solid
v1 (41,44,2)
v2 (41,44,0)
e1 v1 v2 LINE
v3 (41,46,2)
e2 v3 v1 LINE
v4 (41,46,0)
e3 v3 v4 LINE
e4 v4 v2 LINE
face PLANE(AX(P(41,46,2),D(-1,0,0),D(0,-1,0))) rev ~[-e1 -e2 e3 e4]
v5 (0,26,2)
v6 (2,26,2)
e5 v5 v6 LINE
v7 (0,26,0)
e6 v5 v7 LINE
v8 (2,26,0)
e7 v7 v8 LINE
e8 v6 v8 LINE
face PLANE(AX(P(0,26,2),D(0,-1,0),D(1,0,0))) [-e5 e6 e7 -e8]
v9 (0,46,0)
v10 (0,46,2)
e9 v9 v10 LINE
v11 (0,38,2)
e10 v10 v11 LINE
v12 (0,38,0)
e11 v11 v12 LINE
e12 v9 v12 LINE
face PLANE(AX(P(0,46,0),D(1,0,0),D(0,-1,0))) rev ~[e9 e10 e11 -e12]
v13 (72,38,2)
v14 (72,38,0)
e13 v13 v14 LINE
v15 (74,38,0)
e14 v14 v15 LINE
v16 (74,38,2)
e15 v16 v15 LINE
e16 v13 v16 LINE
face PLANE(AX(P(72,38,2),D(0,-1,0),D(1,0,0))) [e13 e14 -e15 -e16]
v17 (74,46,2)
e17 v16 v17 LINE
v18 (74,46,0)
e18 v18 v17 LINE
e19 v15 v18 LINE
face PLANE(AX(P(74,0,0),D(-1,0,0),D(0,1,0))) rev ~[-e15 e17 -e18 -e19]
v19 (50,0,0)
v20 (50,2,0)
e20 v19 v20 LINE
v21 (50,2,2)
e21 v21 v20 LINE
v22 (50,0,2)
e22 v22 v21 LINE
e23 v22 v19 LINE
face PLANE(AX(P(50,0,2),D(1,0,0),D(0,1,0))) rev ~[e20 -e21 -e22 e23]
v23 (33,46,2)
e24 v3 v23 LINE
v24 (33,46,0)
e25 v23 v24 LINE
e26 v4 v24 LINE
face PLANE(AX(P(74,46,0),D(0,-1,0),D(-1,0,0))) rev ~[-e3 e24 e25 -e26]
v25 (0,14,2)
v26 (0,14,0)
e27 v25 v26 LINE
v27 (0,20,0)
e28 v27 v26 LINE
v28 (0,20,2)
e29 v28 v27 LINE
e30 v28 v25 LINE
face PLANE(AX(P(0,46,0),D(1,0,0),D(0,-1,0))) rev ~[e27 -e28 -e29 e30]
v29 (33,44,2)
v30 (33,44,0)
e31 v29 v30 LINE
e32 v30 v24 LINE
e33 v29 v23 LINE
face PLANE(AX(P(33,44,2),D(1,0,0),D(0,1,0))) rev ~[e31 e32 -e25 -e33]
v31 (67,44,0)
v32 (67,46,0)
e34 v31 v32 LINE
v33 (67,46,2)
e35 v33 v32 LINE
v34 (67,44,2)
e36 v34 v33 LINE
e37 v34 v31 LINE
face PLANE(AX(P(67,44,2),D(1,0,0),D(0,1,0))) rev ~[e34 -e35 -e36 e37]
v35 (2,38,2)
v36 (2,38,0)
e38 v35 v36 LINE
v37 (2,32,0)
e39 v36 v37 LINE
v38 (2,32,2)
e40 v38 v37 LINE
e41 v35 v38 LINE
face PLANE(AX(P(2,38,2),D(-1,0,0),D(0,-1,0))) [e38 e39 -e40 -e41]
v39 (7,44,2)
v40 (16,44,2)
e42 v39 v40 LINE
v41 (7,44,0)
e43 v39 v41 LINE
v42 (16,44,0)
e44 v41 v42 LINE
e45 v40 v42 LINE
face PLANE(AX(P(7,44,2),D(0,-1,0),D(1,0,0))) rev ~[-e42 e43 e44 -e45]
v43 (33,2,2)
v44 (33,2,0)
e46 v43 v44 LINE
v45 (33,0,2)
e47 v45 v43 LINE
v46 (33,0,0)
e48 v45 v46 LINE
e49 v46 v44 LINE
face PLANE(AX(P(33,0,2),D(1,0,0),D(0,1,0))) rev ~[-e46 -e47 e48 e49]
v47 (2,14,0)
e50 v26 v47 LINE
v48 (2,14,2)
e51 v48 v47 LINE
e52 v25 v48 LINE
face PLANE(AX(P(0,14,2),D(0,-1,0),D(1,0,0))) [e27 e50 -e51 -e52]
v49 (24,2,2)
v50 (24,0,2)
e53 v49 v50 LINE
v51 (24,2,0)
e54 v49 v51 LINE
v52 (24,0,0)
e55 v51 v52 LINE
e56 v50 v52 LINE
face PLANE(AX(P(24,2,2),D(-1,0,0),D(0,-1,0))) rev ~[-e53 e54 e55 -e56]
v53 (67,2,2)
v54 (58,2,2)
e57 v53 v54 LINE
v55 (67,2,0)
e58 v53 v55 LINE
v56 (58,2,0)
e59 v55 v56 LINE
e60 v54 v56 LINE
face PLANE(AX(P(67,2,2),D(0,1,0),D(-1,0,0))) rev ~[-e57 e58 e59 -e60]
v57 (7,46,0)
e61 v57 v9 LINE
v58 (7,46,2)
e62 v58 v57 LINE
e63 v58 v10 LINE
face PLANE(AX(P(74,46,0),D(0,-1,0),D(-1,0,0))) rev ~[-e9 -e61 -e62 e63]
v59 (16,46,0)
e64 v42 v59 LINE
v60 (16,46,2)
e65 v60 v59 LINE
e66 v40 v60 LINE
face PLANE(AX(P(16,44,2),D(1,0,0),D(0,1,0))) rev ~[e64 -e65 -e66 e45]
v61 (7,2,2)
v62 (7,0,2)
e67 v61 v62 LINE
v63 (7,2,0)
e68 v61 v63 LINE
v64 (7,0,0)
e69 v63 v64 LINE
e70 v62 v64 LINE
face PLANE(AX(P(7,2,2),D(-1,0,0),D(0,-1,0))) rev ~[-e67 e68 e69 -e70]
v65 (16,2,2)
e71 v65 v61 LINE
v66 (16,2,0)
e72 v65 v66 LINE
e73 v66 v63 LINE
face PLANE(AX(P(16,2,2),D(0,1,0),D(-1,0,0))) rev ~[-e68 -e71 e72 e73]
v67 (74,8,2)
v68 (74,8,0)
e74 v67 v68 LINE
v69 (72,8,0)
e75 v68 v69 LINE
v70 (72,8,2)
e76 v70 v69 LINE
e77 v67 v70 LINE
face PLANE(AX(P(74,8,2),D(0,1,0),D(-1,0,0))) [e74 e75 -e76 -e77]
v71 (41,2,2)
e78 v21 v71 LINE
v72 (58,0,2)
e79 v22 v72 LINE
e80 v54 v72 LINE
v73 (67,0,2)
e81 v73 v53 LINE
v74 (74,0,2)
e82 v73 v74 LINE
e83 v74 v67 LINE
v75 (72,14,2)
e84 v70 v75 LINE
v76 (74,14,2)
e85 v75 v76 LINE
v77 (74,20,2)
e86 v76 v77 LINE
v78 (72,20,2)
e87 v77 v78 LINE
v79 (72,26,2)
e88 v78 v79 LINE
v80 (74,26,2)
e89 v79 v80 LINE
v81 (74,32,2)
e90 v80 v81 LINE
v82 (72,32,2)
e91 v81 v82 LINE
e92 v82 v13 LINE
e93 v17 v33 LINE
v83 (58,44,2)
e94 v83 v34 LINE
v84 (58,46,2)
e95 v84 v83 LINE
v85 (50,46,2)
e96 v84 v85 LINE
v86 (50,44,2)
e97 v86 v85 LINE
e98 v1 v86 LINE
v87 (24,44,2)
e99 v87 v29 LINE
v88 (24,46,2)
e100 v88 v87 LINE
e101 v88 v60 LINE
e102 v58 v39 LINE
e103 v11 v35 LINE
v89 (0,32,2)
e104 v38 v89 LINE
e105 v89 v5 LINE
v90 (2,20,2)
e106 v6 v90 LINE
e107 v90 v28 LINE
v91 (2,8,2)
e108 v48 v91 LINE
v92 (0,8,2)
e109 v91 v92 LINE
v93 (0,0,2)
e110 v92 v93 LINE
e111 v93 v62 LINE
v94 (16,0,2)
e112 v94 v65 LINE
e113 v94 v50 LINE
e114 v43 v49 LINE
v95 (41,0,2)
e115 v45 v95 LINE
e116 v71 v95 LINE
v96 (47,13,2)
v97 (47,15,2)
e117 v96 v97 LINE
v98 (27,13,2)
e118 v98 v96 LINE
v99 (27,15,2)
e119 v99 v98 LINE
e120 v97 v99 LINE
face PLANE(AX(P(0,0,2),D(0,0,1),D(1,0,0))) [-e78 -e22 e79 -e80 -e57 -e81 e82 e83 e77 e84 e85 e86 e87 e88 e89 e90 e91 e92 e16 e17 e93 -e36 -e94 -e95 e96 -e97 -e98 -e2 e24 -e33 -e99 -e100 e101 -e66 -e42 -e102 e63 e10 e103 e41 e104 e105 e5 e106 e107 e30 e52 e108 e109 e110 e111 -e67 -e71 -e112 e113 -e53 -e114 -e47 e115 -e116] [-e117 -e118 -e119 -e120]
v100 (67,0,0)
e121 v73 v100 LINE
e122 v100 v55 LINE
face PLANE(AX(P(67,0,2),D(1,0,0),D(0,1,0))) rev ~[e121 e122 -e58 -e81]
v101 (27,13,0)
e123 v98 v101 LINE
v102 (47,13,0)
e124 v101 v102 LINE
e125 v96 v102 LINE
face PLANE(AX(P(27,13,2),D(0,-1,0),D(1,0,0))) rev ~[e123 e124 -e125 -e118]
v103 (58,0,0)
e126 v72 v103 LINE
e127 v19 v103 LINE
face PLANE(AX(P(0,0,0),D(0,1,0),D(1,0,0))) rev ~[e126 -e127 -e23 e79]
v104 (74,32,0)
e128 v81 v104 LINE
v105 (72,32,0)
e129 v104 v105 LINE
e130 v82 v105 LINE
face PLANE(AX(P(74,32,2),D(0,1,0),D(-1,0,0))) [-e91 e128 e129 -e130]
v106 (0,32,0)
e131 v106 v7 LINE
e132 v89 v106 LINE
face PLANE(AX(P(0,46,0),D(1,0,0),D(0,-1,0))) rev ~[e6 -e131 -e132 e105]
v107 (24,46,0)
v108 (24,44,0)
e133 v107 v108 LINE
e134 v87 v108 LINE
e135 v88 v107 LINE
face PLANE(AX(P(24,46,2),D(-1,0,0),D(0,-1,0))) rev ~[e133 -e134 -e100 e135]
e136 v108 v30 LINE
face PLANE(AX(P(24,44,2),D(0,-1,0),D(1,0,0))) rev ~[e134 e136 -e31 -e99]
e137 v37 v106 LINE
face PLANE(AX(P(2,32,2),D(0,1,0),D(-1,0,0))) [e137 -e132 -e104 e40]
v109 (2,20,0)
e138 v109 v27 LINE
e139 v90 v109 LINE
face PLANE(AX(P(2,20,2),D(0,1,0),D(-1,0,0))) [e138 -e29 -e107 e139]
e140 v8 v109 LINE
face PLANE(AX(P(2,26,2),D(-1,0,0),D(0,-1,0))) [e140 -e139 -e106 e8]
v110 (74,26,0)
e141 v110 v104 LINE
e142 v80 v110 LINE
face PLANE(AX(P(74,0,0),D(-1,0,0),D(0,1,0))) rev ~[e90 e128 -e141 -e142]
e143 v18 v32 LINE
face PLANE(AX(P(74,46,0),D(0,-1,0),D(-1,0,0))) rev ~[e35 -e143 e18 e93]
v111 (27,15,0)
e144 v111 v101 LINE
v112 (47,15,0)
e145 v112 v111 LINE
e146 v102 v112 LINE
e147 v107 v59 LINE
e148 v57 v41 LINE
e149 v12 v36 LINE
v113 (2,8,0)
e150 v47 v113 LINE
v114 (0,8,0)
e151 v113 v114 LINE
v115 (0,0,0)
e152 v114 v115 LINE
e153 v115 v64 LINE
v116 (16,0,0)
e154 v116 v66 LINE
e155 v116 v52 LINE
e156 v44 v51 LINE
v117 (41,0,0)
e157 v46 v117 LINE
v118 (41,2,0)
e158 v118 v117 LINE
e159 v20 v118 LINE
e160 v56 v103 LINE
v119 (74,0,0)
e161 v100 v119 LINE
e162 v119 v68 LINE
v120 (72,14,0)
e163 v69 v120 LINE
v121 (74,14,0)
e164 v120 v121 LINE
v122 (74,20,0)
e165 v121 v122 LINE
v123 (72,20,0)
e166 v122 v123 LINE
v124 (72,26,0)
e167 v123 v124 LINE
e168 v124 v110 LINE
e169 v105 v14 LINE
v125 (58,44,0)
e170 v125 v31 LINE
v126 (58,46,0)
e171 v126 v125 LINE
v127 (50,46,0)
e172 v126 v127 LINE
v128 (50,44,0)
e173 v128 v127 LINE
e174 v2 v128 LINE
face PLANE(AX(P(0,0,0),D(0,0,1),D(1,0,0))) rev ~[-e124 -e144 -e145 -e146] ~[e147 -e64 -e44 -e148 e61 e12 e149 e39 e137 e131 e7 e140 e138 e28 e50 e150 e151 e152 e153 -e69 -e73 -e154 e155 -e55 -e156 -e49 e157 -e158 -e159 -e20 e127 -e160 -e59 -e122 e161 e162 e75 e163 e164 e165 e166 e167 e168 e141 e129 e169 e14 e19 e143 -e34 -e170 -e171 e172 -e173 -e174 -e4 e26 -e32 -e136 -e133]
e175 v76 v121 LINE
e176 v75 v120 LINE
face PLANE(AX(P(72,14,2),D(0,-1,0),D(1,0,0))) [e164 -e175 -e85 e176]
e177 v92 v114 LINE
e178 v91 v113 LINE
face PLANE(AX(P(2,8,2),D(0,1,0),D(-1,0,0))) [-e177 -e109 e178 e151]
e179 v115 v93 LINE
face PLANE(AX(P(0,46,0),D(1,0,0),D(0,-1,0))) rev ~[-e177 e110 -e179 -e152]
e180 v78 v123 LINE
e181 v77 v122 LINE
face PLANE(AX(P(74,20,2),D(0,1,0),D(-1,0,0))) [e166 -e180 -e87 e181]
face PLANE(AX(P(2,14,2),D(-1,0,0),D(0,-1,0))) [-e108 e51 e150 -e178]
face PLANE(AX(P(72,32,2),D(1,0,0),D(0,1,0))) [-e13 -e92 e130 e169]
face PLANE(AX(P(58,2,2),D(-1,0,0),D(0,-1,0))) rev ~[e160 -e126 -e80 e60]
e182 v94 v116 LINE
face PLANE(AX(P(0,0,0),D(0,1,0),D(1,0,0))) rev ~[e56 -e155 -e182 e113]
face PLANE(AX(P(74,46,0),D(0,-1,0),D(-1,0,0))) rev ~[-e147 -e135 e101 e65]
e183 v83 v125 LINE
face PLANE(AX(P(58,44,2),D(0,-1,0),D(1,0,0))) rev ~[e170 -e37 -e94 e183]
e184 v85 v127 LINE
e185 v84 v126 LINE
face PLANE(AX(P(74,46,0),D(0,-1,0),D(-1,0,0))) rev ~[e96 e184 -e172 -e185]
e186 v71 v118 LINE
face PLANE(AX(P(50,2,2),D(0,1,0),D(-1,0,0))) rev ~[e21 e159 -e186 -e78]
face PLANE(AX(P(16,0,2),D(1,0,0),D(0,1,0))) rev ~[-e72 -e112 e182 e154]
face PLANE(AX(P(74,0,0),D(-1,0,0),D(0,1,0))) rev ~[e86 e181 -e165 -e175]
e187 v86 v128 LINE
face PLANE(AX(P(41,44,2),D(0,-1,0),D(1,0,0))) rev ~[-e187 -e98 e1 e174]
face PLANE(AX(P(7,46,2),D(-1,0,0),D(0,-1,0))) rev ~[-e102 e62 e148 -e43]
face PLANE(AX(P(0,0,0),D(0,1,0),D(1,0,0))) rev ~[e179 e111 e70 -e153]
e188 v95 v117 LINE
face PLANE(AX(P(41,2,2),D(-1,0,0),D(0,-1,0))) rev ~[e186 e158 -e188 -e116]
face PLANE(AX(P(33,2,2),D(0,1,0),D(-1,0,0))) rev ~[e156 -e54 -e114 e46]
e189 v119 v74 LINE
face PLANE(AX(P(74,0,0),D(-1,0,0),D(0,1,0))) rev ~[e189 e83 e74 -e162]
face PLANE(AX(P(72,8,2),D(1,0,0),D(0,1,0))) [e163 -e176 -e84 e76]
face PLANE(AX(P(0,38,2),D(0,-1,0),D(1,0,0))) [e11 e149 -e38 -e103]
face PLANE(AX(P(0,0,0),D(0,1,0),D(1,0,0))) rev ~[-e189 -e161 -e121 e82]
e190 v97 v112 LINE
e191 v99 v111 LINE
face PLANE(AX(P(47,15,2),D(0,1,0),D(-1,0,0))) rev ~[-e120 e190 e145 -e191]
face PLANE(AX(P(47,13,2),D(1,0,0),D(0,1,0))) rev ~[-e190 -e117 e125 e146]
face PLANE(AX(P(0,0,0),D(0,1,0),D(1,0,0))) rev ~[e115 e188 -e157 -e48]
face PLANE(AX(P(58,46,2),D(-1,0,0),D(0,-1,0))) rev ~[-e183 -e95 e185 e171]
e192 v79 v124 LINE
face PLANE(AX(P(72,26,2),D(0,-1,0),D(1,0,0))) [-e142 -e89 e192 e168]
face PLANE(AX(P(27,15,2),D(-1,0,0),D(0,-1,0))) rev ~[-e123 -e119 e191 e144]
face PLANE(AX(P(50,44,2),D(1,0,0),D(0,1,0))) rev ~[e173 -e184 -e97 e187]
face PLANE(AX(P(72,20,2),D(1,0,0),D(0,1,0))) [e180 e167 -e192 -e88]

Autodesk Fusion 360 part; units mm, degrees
sketch "スケッチ1" plane through (0, 0, 0) normal (0, 0, 1) x (1, 0, 0)
  line L0 (0, 0) -> (74, 0)
  line L1 (74, 0) -> (74, 46)
  line L2 (74, 46) -> (0, 46)
  line L3 (0, 46) -> (0, 0)
  dimension "d1" = 46
  dimension "d2" = 74
extrude "押し出し1" add sketch "スケッチ1" along normal blind 2
sketch "スケッチ2" plane through (0, 0, 2) normal (0, 0, 1) x (-1, 0, 0)
  line L0 (0, -46) -> (0, 0)
  line L1 (0, 0) -> (-74, 0)
  line L2 (-74, 0) -> (-74, -46)
  line L3 (-74, -46) -> (0, -46)
  line L4 (-27, -13) -> (-47, -13)
  line L5 (-47, -13) -> (-47, -15)
  line L6 (-47, -15) -> (-27, -15)
  line L7 (-27, -15) -> (-27, -13)
  dimension "d5" = 2
  dimension "d6" = 20
  dimension "d7" = 13
  dimension "d8" = 27
extrude "押し出し2" cut sketch "スケッチ2" against normal blind 2 contours L4 L5 L6 L7
sketch "スケッチ3" plane through (0, 0, 2) normal (0, 0, 1) x (-1, 0, 0)
  line L0 (-47, -13) -> (-27, -13)
  line L1 (-27, -13) -> (-27, -15)
  line L2 (-27, -15) -> (-47, -15)
  line L3 (-47, -15) -> (-47, -13)
  line L4 (0, -46) -> (0, 0)
  line L5 (0, 0) -> (-74, 0)
  line L6 (-74, 0) -> (-74, -46)
  line L7 (-74, -46) -> (0, -46)
  line L8 (-67, -46) -> (-58, -46)
  line L9 (-58, -46) -> (-58, -44)
  line L10 (-58, -44) -> (-67, -44)
  line L11 (-67, -44) -> (-67, -46)
  line L12 (-50, -46) -> (-41, -46)
  line L13 (-50, -44) -> (-50, -46)
  line L14 (-41, -44) -> (-50, -44)
  line L15 (-41, -46) -> (-41, -44)
  line L16 (-33, -46) -> (-24, -46)
  line L17 (-33, -44) -> (-33, -46)
  line L18 (-24, -44) -> (-33, -44)
  line L19 (-24, -46) -> (-24, -44)
  line L20 (-16, -46) -> (-7, -46)
  line L21 (-16, -44) -> (-16, -46)
  line L22 (-7, -44) -> (-16, -44)
  line L23 (-7, -46) -> (-7, -44)
  line L24 (-24, 0) -> (-33, 0)
  line L25 (-33, 0) -> (-33, -2)
  line L26 (-58, 0) -> (-67, 0)
  line L27 (-50, 0) -> (-50, -2)
  line L28 (-50, -2) -> (-41, -2)
  line L29 (-7, -2) -> (-7, 0)
  line L30 (-7, 0) -> (-16, 0)
  line L31 (-16, 0) -> (-16, -2)
  line L32 (-33, -2) -> (-24, -2)
  line L33 (-67, 0) -> (-67, -2)
  line L34 (-41, -2) -> (-41, 0)
  line L35 (-16, -2) -> (-7, -2)
  line L36 (-24, -2) -> (-24, 0)
  line L37 (-41, 0) -> (-50, 0)
  line L38 (-67, -2) -> (-58, -2)
  line L39 (-58, -2) -> (-58, 0)
  line L40 (0, -38) -> (-2, -38)
  line L41 (-2, -38) -> (-2, -32)
  line L42 (-2, -32) -> (0, -32)
  line L43 (0, -32) -> (0, -38)
  line L44 (-2, -20) -> (0, -20)
  line L45 (-2, -26) -> (-2, -20)
  line L46 (0, -26) -> (-2, -26)
  line L47 (0, -20) -> (0, -26)
  line L48 (-2, -8) -> (0, -8)
  line L49 (-2, -14) -> (-2, -8)
  line L50 (0, -14) -> (-2, -14)
  line L51 (0, -8) -> (0, -14)
  line L52 (-74, -20) -> (-72, -20)
  line L53 (-72, -8) -> (-72, -14)
  line L54 (-74, -8) -> (-72, -8)
  line L55 (-72, -14) -> (-74, -14)
  line L56 (-74, -38) -> (-74, -32)
  line L57 (-72, -32) -> (-72, -38)
  line L58 (-72, -26) -> (-74, -26)
  line L59 (-74, -32) -> (-72, -32)
  line L60 (-74, -14) -> (-74, -8)
  line L61 (-72, -20) -> (-72, -26)
  line L62 (-74, -26) -> (-74, -20)
  line L63 (-72, -38) -> (-74, -38)
  dimension "d11" = 9
  dimension "d12" = 2
  dimension "d13" = 7
  dimension "d16" = 17
  dimension "d17" = 0
  dimension "d20" = 0
  dimension "d21" = 44
  dimension "d22" = 6
  dimension "d23" = 2
  dimension "d24" = 8
  dimension "d27" = 0
  dimension "d28" = 12
  dimension "d31" = -72
  dimension "d32" = 0
extrude "押し出し3" cut sketch "スケッチ3" against normal blind 2 contours L4 L40 L41 L42 L43 | L7 L20 L21 L22 L23 | L4 L44 L45 L46 L47 | L7 L16 L17 L18 L19 | L4 L48 L49 L50 L51 | L7 L12 L13 L14 L15 | L7 L8 L9 L10 L11 | L5 L29 L30 L31 L35 | L5 L24 L25 L32 L36 | L6 L56 L57 L59 L63 | L5 L27 L28 L34 L37 | L6 L52 L58 L61 L62 | L5 L26 L33 L38 L39 | L6 L53 L54 L55 L60
